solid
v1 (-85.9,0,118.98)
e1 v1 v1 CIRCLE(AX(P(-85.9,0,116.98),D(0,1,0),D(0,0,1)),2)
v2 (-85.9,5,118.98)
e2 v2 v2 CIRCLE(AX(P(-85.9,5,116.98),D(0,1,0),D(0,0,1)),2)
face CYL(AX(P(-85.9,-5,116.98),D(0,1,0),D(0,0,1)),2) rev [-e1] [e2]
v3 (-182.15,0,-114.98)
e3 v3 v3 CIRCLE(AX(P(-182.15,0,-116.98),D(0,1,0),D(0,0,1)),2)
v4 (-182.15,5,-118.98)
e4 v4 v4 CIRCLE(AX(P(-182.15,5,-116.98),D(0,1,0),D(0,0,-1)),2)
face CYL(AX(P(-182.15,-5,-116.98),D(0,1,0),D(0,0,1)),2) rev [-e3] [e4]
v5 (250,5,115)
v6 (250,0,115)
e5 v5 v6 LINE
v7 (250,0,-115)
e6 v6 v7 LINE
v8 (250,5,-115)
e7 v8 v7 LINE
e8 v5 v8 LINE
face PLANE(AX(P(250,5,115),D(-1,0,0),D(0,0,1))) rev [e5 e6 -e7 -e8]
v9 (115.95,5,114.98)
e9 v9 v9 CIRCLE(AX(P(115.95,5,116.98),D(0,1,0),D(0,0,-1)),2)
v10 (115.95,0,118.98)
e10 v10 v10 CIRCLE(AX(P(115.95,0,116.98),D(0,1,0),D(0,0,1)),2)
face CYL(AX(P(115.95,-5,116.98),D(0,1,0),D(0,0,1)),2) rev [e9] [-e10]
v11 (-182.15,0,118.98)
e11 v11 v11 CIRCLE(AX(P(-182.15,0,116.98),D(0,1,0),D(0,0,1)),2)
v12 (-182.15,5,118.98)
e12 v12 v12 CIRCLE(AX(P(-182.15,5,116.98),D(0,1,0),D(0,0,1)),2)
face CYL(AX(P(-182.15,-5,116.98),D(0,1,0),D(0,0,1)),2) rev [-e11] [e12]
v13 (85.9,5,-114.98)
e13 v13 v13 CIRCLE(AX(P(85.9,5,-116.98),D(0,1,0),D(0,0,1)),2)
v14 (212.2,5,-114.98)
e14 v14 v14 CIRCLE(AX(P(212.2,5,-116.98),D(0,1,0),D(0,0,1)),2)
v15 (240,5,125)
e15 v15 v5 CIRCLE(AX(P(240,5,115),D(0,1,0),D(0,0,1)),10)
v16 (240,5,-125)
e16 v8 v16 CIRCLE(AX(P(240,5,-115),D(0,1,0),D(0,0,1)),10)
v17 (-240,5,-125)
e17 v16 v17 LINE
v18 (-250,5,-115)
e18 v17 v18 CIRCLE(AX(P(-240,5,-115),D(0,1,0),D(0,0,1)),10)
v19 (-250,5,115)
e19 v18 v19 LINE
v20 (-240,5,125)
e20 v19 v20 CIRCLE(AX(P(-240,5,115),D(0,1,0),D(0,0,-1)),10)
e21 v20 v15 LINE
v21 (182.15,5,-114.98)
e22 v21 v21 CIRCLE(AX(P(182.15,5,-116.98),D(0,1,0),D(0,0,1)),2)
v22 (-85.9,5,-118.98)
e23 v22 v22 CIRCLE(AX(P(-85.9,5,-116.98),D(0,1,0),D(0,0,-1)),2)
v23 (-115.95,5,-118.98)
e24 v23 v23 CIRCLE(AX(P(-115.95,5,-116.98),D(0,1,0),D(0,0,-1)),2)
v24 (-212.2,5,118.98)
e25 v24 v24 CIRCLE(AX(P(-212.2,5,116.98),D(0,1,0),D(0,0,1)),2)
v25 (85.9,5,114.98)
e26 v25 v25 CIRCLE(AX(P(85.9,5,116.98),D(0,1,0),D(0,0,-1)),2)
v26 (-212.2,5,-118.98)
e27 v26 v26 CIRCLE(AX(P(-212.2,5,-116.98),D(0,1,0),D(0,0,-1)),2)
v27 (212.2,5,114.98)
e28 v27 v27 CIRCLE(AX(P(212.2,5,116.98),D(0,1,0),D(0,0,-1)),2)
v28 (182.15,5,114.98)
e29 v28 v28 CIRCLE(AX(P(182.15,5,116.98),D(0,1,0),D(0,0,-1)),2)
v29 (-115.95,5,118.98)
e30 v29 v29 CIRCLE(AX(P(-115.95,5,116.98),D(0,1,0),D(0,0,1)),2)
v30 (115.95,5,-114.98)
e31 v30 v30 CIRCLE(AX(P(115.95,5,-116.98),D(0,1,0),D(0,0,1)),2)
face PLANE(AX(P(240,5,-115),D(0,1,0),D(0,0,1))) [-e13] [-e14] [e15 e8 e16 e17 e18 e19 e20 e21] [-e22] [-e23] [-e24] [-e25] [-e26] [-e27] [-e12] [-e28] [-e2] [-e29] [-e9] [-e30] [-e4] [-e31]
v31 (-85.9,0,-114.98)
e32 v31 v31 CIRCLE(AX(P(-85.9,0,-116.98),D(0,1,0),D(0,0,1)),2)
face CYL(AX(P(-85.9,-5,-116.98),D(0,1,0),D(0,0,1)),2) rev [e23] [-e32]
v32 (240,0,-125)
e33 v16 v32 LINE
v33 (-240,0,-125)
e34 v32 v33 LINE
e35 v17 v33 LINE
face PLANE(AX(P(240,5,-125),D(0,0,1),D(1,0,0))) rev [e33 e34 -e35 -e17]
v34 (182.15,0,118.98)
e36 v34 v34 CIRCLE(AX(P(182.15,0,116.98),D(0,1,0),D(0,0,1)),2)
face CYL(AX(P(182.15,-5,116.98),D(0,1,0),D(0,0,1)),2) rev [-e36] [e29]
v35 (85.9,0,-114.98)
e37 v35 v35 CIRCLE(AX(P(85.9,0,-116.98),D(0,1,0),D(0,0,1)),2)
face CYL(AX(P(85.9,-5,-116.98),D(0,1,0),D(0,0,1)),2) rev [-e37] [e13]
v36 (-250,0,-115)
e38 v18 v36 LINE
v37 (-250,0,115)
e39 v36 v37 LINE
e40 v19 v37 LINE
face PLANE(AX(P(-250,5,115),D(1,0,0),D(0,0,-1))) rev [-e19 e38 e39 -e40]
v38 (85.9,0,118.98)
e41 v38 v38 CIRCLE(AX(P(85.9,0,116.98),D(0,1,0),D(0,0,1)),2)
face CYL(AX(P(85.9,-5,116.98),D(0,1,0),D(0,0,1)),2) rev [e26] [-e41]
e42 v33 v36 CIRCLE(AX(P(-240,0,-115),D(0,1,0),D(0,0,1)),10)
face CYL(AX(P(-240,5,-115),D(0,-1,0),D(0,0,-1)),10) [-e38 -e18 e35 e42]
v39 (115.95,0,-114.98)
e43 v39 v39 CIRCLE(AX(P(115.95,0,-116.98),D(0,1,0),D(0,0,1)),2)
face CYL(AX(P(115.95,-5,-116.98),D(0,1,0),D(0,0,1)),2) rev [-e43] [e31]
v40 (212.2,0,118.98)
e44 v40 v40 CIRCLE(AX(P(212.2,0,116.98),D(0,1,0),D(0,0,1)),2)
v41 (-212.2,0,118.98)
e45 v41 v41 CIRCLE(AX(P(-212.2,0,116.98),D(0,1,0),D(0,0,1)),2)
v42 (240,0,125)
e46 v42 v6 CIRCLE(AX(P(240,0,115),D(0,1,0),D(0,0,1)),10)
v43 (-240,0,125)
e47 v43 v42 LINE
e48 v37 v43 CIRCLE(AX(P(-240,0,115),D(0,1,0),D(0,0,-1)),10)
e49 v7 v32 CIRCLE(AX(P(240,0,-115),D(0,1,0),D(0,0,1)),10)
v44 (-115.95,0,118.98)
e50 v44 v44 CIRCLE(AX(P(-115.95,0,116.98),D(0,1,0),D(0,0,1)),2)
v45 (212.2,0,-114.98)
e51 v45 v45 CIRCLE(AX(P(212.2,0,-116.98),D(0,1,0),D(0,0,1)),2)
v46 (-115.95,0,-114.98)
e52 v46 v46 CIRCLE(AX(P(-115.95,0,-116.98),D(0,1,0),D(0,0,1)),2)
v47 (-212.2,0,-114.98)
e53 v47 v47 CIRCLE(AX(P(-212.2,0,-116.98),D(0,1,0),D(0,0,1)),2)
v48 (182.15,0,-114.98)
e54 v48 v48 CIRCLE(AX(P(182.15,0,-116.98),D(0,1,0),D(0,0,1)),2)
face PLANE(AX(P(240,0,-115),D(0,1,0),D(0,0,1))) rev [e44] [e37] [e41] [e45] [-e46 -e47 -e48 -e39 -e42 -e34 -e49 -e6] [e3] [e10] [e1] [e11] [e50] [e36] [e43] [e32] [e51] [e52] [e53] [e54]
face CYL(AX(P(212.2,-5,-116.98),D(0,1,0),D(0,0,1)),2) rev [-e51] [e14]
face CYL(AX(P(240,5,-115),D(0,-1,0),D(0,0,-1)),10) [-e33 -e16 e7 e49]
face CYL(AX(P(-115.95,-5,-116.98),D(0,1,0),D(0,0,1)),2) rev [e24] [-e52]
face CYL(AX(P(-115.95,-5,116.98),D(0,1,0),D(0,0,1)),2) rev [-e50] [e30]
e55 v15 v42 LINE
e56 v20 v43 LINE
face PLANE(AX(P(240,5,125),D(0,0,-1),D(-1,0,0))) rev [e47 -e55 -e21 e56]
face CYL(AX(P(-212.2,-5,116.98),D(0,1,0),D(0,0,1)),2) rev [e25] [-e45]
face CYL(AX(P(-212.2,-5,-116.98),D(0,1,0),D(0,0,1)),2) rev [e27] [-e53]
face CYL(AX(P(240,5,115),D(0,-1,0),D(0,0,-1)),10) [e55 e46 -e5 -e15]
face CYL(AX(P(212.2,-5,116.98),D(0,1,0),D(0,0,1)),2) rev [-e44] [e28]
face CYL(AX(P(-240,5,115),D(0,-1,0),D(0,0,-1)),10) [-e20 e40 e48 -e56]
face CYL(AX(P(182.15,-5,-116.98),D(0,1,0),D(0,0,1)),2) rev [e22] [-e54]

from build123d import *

# Parameters (mm, degrees)
SALIENTE_EXTRUIR1_DEPTH = 5
CROQUIS2_R              = 2
CORTAR_EXTRUIR1_DEPTH   = 10


with BuildPart() as part:
    # Croquis1 → Saliente-Extruir1 (new body)
    with BuildSketch(Plane(origin=(0, 0, 0), x_dir=(1, 0, 0), z_dir=(0, 1, 0))):
        with BuildLine():
            Line((240, -125), (-240, -125))
            ThreePointArc((-240, -125), (-247.071067812, -122.071067812), (-250, -115))
            Line((-250, -115), (-250, 115))
            ThreePointArc((-250, 115), (-247.071067812, 122.071067812), (-240, 125))
            Line((-240, 125), (240, 125))
            ThreePointArc((240, 125), (247.071067812, 122.071067812), (250, 115))
            Line((250, 115), (250, -115))
            ThreePointArc((250, -115), (247.071067812, -122.071067812), (240, -125))
        make_face()
    extrude(amount=SALIENTE_EXTRUIR1_DEPTH)

    # Croquis2 → Cortar-Extruir1 (cut)
    with BuildSketch(Plane(origin=(0, 5, 0), x_dir=(1, 0, 0), z_dir=(0, 1, 0))):
        with Locations(Location((-212.2, -116.98, 0), (0, 0, 270))):
            Circle(CROQUIS2_R)
        with Locations(Location((-182.15, -116.98, 0), (0, 0, 270))):
            Circle(CROQUIS2_R)
        with Locations(Location((-85.9, -116.98, 0), (0, 0, 270))):
            Circle(CROQUIS2_R)
        with Locations(Location((-115.95, -116.98, 0), (0, 0, 270))):
            Circle(CROQUIS2_R)
        with Locations(Location((212.2, -116.98, 0), (0, 0, 270))):
            Circle(CROQUIS2_R)
        with Locations(Location((182.15, -116.98, 0), (0, 0, 270))):
            Circle(CROQUIS2_R)
        with Locations(Location((115.95, -116.98, 0), (0, 0, 270))):
            Circle(CROQUIS2_R)
        with Locations(Location((85.9, -116.98, 0), (0, 0, 270))):
            Circle(CROQUIS2_R)
        with Locations(Location((212.2, 116.98, 0), (0, 0, 270))):
            Circle(CROQUIS2_R)
        with Locations(Location((182.15, 116.98, 0), (0, 0, 270))):
            Circle(CROQUIS2_R)
        with Locations(Location((115.95, 116.98, 0), (0, 0, 270))):
            Circle(CROQUIS2_R)
        with Locations(Location((85.9, 116.98, 0), (0, 0, 270))):
            Circle(CROQUIS2_R)
        with Locations(Location((-182.15, 116.98, 0), (0, 0, 270))):
            Circle(CROQUIS2_R)
        with Locations(Location((-212.2, 116.98, 0), (0, 0, 270))):
            Circle(CROQUIS2_R)
        with Locations(Location((-85.9, 116.98, 0), (0, 0, 270))):
            Circle(CROQUIS2_R)
        with Locations(Location((-115.95, 116.98, 0), (0, 0, 270))):
            Circle(CROQUIS2_R)
    extrude(amount=-CORTAR_EXTRUIR1_DEPTH, mode=Mode.SUBTRACT)


solid = part.part
